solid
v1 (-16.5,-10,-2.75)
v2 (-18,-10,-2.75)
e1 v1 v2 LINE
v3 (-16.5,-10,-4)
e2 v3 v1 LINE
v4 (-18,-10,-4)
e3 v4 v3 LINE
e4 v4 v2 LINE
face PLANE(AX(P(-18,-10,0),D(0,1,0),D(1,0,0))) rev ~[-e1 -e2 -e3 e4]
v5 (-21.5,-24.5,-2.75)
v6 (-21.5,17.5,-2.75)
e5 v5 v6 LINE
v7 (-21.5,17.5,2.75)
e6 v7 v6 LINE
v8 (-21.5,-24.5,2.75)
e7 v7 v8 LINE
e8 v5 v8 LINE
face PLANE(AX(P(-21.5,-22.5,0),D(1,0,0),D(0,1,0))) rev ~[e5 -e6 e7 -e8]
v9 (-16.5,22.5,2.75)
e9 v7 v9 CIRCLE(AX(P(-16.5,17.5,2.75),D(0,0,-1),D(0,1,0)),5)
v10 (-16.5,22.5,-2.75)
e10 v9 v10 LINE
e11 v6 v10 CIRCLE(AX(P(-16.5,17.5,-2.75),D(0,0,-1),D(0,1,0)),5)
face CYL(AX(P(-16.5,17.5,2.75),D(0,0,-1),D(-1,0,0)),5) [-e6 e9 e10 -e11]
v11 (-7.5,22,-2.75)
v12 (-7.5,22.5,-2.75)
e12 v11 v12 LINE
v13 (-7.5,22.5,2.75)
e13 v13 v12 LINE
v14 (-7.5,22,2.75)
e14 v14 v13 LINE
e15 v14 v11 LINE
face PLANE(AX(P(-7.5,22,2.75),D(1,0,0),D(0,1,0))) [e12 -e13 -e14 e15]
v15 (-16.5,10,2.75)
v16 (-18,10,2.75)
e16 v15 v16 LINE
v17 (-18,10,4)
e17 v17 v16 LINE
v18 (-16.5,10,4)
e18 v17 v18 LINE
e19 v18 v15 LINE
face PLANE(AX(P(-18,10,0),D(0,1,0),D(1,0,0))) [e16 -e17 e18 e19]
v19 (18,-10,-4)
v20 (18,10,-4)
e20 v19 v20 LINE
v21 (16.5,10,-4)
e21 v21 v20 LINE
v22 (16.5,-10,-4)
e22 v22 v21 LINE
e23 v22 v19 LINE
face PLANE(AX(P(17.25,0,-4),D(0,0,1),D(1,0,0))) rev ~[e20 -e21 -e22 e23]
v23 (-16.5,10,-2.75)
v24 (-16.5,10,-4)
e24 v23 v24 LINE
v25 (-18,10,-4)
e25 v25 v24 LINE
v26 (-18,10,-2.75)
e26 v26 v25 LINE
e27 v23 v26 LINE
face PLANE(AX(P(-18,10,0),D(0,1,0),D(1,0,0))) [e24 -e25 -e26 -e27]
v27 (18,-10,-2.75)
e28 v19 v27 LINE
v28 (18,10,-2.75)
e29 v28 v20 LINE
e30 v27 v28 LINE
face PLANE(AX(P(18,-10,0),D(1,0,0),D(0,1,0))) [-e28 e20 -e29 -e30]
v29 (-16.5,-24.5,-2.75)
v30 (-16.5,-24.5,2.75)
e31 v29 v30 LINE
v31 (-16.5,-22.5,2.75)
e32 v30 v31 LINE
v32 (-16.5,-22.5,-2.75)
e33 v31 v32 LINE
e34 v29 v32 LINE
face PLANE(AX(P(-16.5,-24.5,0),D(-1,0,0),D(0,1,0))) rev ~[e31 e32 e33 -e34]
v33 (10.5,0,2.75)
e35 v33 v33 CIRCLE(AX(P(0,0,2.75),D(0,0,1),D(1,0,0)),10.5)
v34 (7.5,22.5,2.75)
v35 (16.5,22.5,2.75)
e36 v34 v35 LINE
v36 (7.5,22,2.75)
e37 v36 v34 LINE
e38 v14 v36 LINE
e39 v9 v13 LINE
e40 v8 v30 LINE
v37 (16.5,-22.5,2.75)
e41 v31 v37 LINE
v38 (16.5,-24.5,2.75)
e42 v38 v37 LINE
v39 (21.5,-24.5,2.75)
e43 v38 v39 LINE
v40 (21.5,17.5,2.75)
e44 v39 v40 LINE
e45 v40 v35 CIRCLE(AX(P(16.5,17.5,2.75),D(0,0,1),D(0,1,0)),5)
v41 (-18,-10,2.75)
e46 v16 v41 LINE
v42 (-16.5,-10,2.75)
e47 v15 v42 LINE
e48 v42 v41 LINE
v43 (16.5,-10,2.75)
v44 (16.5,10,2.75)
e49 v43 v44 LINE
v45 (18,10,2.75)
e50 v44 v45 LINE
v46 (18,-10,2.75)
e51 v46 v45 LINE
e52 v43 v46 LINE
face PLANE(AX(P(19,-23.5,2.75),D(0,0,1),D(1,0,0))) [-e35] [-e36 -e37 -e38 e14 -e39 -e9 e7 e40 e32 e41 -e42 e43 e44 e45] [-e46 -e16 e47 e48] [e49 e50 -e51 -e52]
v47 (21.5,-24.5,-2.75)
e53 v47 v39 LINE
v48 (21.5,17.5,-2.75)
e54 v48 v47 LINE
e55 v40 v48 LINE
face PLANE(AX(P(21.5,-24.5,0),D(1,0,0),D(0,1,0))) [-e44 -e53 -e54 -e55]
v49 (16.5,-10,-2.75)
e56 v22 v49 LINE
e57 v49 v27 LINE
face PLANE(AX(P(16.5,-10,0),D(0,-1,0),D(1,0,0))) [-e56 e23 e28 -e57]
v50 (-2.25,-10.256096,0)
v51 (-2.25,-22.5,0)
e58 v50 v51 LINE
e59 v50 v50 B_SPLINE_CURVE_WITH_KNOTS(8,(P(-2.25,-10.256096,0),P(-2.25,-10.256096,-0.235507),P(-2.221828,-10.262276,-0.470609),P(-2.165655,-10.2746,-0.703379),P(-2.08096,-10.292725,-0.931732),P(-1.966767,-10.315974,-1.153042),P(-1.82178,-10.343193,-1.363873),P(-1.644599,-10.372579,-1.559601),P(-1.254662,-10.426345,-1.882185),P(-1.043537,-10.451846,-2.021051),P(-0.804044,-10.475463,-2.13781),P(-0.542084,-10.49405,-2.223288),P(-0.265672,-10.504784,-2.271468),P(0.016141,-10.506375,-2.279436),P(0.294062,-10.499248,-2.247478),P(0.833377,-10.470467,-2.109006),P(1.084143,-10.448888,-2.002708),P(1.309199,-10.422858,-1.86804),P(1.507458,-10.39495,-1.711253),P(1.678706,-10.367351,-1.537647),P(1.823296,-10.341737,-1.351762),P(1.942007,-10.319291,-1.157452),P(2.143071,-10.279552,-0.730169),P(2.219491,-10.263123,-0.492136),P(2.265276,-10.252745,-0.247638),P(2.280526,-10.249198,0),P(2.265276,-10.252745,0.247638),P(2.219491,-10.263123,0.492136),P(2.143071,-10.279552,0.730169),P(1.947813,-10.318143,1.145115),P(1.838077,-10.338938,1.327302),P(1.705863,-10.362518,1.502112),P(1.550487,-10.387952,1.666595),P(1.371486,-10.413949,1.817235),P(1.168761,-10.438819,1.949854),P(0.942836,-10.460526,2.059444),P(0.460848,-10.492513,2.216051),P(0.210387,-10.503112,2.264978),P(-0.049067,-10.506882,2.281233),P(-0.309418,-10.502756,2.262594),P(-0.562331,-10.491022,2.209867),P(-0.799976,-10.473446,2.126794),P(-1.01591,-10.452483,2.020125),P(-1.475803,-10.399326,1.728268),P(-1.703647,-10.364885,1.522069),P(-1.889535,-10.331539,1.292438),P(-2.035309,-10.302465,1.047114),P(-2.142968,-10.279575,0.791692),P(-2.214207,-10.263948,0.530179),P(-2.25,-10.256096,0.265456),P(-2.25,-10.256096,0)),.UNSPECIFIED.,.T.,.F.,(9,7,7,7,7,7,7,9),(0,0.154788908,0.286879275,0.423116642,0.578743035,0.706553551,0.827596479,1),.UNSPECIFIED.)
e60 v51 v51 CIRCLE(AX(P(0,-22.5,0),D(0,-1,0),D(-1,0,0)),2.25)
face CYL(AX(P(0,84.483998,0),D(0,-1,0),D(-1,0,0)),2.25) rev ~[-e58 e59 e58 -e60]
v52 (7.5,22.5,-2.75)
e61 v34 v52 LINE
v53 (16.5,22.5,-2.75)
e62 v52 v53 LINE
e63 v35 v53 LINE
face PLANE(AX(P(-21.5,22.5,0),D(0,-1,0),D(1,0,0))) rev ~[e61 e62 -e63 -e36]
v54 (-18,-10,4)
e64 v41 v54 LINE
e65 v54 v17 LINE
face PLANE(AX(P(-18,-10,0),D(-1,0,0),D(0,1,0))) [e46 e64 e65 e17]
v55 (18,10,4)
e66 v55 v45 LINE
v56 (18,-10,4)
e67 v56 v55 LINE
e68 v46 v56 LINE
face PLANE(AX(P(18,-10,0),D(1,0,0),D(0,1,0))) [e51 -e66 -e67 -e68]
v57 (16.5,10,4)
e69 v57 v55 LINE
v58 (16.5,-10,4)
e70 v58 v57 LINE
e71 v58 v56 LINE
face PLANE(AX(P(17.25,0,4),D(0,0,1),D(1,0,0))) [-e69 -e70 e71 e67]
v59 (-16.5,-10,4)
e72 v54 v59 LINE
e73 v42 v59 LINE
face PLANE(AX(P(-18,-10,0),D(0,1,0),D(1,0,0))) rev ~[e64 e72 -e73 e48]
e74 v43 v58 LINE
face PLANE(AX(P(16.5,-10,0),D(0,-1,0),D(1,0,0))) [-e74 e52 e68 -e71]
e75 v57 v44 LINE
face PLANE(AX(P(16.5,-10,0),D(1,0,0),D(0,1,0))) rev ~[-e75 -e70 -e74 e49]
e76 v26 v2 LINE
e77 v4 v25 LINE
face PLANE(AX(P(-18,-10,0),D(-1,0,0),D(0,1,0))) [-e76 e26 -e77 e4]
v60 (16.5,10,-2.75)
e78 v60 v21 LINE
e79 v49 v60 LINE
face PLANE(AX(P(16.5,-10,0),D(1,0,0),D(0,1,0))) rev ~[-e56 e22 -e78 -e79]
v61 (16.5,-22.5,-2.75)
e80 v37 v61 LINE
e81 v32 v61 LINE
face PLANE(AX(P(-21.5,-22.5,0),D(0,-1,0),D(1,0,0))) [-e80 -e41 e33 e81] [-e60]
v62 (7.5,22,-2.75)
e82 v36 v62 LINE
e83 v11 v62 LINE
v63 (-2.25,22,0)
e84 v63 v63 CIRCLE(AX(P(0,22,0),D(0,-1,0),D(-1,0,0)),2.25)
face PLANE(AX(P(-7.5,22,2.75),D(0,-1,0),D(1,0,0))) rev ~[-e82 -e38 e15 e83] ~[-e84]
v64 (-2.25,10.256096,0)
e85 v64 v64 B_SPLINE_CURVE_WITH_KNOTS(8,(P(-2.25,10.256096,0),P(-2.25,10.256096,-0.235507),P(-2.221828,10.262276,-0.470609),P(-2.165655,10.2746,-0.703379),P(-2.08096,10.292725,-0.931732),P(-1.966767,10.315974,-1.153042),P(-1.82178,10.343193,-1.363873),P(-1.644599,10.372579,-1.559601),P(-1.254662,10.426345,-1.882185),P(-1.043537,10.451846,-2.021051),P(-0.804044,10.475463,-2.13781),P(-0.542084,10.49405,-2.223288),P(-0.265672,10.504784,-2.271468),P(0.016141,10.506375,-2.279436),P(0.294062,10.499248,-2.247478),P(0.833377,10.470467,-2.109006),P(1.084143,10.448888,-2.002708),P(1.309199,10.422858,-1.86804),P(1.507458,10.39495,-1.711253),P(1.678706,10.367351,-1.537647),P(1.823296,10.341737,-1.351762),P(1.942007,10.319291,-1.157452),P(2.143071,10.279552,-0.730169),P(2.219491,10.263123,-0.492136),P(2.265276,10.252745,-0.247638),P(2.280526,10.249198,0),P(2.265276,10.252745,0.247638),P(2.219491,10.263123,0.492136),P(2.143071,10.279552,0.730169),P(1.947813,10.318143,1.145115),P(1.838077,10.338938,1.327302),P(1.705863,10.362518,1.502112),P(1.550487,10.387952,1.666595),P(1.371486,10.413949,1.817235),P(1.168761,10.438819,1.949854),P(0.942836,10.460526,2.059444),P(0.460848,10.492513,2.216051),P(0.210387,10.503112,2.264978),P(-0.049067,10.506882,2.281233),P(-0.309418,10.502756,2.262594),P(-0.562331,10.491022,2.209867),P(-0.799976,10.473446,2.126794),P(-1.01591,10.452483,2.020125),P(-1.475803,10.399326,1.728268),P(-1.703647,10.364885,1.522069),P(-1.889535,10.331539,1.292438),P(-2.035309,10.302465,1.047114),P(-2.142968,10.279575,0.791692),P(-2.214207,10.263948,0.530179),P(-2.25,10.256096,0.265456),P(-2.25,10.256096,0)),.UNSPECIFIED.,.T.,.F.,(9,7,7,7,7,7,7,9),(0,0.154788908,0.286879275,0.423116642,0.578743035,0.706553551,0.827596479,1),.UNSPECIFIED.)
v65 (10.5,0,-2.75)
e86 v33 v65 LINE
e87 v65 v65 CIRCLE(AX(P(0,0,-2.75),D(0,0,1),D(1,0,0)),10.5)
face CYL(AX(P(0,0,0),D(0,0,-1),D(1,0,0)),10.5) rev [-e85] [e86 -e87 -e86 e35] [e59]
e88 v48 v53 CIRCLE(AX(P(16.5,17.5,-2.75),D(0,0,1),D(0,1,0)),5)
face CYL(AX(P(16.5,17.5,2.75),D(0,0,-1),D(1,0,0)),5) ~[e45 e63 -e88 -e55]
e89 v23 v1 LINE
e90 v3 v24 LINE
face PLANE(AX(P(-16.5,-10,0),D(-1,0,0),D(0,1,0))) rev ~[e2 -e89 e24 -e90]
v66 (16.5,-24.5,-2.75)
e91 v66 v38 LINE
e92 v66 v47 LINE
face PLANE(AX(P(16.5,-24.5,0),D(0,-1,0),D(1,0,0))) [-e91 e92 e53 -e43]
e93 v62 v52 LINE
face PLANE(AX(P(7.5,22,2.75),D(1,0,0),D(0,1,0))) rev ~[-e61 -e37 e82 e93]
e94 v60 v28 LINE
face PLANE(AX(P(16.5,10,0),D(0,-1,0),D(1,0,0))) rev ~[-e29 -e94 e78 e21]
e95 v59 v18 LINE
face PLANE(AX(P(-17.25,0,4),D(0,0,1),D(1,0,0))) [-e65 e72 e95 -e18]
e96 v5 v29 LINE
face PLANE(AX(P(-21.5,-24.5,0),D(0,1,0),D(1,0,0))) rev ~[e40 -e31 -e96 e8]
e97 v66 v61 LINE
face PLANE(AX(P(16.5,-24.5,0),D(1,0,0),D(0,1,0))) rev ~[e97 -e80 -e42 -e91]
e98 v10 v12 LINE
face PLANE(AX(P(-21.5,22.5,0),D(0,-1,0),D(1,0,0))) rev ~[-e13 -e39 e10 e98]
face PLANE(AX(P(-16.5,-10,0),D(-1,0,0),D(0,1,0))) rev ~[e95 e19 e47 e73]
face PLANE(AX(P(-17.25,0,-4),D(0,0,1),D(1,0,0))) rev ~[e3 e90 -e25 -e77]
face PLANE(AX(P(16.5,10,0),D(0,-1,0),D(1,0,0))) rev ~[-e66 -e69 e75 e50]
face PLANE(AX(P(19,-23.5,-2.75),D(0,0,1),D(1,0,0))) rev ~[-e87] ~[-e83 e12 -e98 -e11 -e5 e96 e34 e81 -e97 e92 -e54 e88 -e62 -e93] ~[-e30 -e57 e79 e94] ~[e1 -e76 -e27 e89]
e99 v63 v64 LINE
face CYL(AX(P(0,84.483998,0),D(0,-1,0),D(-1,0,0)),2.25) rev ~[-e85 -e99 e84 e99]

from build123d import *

# Parameters (mm, degrees)
SKETCH1_W            = 43
SKETCH1_H            = 45
SKETCH1_R            = 10.5
BOSS_EXTRUDE1_DEPTH  = 2.75
FILLET1_R            = 5
SKETCH2_W            = 15
SKETCH2_H            = 0.5
CUT_EXTRUDE1_DEPTH   = 10
M4_CLEARANCE_HOLE1_D = 4.5
SKETCH5_W            = 1.5
SKETCH5_H            = 20
BOSS_EXTRUDE2_DEPTH  = 4
SKETCH6_W            = 5
SKETCH6_H            = 2
BOSS_EXTRUDE3_DEPTH  = 2.75


with BuildPart() as part:
    # Sketch1 → Boss-Extrude1 (new, symmetric)
    with BuildSketch(Plane.XY):
        Rectangle(SKETCH1_W, SKETCH1_H)
        Circle(SKETCH1_R, mode=Mode.SUBTRACT)
    extrude(amount=BOSS_EXTRUDE1_DEPTH, both=True)

    # Fillet1
    fillet1_edges = [part.edges().sort_by_distance(p)[0] for p in [
        (-21.5, 22.5, 0),
        (21.5, 22.5, 0),
    ]]
    fillet(fillet1_edges, radius=FILLET1_R)

    # Sketch2 → Cut-Extrude1 (cut)
    with BuildSketch(Plane.XY.offset(2.75)):
        with Locations((0, 22.25)):
            Rectangle(SKETCH2_W, SKETCH2_H)
    extrude(amount=-CUT_EXTRUDE1_DEPTH, mode=Mode.SUBTRACT)

    # M4 Clearance Hole1 (through all)
    with Locations(Plane(origin=(0, 22, 0), x_dir=(1, 0, 0), z_dir=(0, 1, 0))):
        with Locations((0, 0)):
            Hole(M4_CLEARANCE_HOLE1_D / 2)

    # Sketch5 → Boss-Extrude2 (add, symmetric)
    with BuildSketch(Plane.XY):
        with Locations((-17.25, 0)):
            Rectangle(SKETCH5_W, SKETCH5_H)
        with Locations((17.25, 0)):
            Rectangle(SKETCH5_W, SKETCH5_H)
    extrude(amount=BOSS_EXTRUDE2_DEPTH, both=True)

    # Sketch6 → Boss-Extrude3 (add, symmetric)
    with BuildSketch(Plane.XY):
        with Locations((-19, -23.5)):
            Rectangle(SKETCH6_W, SKETCH6_H)
        with Locations((19, -23.5)):
            Rectangle(SKETCH6_W, SKETCH6_H)
    extrude(amount=BOSS_EXTRUDE3_DEPTH, both=True)


solid = part.part
